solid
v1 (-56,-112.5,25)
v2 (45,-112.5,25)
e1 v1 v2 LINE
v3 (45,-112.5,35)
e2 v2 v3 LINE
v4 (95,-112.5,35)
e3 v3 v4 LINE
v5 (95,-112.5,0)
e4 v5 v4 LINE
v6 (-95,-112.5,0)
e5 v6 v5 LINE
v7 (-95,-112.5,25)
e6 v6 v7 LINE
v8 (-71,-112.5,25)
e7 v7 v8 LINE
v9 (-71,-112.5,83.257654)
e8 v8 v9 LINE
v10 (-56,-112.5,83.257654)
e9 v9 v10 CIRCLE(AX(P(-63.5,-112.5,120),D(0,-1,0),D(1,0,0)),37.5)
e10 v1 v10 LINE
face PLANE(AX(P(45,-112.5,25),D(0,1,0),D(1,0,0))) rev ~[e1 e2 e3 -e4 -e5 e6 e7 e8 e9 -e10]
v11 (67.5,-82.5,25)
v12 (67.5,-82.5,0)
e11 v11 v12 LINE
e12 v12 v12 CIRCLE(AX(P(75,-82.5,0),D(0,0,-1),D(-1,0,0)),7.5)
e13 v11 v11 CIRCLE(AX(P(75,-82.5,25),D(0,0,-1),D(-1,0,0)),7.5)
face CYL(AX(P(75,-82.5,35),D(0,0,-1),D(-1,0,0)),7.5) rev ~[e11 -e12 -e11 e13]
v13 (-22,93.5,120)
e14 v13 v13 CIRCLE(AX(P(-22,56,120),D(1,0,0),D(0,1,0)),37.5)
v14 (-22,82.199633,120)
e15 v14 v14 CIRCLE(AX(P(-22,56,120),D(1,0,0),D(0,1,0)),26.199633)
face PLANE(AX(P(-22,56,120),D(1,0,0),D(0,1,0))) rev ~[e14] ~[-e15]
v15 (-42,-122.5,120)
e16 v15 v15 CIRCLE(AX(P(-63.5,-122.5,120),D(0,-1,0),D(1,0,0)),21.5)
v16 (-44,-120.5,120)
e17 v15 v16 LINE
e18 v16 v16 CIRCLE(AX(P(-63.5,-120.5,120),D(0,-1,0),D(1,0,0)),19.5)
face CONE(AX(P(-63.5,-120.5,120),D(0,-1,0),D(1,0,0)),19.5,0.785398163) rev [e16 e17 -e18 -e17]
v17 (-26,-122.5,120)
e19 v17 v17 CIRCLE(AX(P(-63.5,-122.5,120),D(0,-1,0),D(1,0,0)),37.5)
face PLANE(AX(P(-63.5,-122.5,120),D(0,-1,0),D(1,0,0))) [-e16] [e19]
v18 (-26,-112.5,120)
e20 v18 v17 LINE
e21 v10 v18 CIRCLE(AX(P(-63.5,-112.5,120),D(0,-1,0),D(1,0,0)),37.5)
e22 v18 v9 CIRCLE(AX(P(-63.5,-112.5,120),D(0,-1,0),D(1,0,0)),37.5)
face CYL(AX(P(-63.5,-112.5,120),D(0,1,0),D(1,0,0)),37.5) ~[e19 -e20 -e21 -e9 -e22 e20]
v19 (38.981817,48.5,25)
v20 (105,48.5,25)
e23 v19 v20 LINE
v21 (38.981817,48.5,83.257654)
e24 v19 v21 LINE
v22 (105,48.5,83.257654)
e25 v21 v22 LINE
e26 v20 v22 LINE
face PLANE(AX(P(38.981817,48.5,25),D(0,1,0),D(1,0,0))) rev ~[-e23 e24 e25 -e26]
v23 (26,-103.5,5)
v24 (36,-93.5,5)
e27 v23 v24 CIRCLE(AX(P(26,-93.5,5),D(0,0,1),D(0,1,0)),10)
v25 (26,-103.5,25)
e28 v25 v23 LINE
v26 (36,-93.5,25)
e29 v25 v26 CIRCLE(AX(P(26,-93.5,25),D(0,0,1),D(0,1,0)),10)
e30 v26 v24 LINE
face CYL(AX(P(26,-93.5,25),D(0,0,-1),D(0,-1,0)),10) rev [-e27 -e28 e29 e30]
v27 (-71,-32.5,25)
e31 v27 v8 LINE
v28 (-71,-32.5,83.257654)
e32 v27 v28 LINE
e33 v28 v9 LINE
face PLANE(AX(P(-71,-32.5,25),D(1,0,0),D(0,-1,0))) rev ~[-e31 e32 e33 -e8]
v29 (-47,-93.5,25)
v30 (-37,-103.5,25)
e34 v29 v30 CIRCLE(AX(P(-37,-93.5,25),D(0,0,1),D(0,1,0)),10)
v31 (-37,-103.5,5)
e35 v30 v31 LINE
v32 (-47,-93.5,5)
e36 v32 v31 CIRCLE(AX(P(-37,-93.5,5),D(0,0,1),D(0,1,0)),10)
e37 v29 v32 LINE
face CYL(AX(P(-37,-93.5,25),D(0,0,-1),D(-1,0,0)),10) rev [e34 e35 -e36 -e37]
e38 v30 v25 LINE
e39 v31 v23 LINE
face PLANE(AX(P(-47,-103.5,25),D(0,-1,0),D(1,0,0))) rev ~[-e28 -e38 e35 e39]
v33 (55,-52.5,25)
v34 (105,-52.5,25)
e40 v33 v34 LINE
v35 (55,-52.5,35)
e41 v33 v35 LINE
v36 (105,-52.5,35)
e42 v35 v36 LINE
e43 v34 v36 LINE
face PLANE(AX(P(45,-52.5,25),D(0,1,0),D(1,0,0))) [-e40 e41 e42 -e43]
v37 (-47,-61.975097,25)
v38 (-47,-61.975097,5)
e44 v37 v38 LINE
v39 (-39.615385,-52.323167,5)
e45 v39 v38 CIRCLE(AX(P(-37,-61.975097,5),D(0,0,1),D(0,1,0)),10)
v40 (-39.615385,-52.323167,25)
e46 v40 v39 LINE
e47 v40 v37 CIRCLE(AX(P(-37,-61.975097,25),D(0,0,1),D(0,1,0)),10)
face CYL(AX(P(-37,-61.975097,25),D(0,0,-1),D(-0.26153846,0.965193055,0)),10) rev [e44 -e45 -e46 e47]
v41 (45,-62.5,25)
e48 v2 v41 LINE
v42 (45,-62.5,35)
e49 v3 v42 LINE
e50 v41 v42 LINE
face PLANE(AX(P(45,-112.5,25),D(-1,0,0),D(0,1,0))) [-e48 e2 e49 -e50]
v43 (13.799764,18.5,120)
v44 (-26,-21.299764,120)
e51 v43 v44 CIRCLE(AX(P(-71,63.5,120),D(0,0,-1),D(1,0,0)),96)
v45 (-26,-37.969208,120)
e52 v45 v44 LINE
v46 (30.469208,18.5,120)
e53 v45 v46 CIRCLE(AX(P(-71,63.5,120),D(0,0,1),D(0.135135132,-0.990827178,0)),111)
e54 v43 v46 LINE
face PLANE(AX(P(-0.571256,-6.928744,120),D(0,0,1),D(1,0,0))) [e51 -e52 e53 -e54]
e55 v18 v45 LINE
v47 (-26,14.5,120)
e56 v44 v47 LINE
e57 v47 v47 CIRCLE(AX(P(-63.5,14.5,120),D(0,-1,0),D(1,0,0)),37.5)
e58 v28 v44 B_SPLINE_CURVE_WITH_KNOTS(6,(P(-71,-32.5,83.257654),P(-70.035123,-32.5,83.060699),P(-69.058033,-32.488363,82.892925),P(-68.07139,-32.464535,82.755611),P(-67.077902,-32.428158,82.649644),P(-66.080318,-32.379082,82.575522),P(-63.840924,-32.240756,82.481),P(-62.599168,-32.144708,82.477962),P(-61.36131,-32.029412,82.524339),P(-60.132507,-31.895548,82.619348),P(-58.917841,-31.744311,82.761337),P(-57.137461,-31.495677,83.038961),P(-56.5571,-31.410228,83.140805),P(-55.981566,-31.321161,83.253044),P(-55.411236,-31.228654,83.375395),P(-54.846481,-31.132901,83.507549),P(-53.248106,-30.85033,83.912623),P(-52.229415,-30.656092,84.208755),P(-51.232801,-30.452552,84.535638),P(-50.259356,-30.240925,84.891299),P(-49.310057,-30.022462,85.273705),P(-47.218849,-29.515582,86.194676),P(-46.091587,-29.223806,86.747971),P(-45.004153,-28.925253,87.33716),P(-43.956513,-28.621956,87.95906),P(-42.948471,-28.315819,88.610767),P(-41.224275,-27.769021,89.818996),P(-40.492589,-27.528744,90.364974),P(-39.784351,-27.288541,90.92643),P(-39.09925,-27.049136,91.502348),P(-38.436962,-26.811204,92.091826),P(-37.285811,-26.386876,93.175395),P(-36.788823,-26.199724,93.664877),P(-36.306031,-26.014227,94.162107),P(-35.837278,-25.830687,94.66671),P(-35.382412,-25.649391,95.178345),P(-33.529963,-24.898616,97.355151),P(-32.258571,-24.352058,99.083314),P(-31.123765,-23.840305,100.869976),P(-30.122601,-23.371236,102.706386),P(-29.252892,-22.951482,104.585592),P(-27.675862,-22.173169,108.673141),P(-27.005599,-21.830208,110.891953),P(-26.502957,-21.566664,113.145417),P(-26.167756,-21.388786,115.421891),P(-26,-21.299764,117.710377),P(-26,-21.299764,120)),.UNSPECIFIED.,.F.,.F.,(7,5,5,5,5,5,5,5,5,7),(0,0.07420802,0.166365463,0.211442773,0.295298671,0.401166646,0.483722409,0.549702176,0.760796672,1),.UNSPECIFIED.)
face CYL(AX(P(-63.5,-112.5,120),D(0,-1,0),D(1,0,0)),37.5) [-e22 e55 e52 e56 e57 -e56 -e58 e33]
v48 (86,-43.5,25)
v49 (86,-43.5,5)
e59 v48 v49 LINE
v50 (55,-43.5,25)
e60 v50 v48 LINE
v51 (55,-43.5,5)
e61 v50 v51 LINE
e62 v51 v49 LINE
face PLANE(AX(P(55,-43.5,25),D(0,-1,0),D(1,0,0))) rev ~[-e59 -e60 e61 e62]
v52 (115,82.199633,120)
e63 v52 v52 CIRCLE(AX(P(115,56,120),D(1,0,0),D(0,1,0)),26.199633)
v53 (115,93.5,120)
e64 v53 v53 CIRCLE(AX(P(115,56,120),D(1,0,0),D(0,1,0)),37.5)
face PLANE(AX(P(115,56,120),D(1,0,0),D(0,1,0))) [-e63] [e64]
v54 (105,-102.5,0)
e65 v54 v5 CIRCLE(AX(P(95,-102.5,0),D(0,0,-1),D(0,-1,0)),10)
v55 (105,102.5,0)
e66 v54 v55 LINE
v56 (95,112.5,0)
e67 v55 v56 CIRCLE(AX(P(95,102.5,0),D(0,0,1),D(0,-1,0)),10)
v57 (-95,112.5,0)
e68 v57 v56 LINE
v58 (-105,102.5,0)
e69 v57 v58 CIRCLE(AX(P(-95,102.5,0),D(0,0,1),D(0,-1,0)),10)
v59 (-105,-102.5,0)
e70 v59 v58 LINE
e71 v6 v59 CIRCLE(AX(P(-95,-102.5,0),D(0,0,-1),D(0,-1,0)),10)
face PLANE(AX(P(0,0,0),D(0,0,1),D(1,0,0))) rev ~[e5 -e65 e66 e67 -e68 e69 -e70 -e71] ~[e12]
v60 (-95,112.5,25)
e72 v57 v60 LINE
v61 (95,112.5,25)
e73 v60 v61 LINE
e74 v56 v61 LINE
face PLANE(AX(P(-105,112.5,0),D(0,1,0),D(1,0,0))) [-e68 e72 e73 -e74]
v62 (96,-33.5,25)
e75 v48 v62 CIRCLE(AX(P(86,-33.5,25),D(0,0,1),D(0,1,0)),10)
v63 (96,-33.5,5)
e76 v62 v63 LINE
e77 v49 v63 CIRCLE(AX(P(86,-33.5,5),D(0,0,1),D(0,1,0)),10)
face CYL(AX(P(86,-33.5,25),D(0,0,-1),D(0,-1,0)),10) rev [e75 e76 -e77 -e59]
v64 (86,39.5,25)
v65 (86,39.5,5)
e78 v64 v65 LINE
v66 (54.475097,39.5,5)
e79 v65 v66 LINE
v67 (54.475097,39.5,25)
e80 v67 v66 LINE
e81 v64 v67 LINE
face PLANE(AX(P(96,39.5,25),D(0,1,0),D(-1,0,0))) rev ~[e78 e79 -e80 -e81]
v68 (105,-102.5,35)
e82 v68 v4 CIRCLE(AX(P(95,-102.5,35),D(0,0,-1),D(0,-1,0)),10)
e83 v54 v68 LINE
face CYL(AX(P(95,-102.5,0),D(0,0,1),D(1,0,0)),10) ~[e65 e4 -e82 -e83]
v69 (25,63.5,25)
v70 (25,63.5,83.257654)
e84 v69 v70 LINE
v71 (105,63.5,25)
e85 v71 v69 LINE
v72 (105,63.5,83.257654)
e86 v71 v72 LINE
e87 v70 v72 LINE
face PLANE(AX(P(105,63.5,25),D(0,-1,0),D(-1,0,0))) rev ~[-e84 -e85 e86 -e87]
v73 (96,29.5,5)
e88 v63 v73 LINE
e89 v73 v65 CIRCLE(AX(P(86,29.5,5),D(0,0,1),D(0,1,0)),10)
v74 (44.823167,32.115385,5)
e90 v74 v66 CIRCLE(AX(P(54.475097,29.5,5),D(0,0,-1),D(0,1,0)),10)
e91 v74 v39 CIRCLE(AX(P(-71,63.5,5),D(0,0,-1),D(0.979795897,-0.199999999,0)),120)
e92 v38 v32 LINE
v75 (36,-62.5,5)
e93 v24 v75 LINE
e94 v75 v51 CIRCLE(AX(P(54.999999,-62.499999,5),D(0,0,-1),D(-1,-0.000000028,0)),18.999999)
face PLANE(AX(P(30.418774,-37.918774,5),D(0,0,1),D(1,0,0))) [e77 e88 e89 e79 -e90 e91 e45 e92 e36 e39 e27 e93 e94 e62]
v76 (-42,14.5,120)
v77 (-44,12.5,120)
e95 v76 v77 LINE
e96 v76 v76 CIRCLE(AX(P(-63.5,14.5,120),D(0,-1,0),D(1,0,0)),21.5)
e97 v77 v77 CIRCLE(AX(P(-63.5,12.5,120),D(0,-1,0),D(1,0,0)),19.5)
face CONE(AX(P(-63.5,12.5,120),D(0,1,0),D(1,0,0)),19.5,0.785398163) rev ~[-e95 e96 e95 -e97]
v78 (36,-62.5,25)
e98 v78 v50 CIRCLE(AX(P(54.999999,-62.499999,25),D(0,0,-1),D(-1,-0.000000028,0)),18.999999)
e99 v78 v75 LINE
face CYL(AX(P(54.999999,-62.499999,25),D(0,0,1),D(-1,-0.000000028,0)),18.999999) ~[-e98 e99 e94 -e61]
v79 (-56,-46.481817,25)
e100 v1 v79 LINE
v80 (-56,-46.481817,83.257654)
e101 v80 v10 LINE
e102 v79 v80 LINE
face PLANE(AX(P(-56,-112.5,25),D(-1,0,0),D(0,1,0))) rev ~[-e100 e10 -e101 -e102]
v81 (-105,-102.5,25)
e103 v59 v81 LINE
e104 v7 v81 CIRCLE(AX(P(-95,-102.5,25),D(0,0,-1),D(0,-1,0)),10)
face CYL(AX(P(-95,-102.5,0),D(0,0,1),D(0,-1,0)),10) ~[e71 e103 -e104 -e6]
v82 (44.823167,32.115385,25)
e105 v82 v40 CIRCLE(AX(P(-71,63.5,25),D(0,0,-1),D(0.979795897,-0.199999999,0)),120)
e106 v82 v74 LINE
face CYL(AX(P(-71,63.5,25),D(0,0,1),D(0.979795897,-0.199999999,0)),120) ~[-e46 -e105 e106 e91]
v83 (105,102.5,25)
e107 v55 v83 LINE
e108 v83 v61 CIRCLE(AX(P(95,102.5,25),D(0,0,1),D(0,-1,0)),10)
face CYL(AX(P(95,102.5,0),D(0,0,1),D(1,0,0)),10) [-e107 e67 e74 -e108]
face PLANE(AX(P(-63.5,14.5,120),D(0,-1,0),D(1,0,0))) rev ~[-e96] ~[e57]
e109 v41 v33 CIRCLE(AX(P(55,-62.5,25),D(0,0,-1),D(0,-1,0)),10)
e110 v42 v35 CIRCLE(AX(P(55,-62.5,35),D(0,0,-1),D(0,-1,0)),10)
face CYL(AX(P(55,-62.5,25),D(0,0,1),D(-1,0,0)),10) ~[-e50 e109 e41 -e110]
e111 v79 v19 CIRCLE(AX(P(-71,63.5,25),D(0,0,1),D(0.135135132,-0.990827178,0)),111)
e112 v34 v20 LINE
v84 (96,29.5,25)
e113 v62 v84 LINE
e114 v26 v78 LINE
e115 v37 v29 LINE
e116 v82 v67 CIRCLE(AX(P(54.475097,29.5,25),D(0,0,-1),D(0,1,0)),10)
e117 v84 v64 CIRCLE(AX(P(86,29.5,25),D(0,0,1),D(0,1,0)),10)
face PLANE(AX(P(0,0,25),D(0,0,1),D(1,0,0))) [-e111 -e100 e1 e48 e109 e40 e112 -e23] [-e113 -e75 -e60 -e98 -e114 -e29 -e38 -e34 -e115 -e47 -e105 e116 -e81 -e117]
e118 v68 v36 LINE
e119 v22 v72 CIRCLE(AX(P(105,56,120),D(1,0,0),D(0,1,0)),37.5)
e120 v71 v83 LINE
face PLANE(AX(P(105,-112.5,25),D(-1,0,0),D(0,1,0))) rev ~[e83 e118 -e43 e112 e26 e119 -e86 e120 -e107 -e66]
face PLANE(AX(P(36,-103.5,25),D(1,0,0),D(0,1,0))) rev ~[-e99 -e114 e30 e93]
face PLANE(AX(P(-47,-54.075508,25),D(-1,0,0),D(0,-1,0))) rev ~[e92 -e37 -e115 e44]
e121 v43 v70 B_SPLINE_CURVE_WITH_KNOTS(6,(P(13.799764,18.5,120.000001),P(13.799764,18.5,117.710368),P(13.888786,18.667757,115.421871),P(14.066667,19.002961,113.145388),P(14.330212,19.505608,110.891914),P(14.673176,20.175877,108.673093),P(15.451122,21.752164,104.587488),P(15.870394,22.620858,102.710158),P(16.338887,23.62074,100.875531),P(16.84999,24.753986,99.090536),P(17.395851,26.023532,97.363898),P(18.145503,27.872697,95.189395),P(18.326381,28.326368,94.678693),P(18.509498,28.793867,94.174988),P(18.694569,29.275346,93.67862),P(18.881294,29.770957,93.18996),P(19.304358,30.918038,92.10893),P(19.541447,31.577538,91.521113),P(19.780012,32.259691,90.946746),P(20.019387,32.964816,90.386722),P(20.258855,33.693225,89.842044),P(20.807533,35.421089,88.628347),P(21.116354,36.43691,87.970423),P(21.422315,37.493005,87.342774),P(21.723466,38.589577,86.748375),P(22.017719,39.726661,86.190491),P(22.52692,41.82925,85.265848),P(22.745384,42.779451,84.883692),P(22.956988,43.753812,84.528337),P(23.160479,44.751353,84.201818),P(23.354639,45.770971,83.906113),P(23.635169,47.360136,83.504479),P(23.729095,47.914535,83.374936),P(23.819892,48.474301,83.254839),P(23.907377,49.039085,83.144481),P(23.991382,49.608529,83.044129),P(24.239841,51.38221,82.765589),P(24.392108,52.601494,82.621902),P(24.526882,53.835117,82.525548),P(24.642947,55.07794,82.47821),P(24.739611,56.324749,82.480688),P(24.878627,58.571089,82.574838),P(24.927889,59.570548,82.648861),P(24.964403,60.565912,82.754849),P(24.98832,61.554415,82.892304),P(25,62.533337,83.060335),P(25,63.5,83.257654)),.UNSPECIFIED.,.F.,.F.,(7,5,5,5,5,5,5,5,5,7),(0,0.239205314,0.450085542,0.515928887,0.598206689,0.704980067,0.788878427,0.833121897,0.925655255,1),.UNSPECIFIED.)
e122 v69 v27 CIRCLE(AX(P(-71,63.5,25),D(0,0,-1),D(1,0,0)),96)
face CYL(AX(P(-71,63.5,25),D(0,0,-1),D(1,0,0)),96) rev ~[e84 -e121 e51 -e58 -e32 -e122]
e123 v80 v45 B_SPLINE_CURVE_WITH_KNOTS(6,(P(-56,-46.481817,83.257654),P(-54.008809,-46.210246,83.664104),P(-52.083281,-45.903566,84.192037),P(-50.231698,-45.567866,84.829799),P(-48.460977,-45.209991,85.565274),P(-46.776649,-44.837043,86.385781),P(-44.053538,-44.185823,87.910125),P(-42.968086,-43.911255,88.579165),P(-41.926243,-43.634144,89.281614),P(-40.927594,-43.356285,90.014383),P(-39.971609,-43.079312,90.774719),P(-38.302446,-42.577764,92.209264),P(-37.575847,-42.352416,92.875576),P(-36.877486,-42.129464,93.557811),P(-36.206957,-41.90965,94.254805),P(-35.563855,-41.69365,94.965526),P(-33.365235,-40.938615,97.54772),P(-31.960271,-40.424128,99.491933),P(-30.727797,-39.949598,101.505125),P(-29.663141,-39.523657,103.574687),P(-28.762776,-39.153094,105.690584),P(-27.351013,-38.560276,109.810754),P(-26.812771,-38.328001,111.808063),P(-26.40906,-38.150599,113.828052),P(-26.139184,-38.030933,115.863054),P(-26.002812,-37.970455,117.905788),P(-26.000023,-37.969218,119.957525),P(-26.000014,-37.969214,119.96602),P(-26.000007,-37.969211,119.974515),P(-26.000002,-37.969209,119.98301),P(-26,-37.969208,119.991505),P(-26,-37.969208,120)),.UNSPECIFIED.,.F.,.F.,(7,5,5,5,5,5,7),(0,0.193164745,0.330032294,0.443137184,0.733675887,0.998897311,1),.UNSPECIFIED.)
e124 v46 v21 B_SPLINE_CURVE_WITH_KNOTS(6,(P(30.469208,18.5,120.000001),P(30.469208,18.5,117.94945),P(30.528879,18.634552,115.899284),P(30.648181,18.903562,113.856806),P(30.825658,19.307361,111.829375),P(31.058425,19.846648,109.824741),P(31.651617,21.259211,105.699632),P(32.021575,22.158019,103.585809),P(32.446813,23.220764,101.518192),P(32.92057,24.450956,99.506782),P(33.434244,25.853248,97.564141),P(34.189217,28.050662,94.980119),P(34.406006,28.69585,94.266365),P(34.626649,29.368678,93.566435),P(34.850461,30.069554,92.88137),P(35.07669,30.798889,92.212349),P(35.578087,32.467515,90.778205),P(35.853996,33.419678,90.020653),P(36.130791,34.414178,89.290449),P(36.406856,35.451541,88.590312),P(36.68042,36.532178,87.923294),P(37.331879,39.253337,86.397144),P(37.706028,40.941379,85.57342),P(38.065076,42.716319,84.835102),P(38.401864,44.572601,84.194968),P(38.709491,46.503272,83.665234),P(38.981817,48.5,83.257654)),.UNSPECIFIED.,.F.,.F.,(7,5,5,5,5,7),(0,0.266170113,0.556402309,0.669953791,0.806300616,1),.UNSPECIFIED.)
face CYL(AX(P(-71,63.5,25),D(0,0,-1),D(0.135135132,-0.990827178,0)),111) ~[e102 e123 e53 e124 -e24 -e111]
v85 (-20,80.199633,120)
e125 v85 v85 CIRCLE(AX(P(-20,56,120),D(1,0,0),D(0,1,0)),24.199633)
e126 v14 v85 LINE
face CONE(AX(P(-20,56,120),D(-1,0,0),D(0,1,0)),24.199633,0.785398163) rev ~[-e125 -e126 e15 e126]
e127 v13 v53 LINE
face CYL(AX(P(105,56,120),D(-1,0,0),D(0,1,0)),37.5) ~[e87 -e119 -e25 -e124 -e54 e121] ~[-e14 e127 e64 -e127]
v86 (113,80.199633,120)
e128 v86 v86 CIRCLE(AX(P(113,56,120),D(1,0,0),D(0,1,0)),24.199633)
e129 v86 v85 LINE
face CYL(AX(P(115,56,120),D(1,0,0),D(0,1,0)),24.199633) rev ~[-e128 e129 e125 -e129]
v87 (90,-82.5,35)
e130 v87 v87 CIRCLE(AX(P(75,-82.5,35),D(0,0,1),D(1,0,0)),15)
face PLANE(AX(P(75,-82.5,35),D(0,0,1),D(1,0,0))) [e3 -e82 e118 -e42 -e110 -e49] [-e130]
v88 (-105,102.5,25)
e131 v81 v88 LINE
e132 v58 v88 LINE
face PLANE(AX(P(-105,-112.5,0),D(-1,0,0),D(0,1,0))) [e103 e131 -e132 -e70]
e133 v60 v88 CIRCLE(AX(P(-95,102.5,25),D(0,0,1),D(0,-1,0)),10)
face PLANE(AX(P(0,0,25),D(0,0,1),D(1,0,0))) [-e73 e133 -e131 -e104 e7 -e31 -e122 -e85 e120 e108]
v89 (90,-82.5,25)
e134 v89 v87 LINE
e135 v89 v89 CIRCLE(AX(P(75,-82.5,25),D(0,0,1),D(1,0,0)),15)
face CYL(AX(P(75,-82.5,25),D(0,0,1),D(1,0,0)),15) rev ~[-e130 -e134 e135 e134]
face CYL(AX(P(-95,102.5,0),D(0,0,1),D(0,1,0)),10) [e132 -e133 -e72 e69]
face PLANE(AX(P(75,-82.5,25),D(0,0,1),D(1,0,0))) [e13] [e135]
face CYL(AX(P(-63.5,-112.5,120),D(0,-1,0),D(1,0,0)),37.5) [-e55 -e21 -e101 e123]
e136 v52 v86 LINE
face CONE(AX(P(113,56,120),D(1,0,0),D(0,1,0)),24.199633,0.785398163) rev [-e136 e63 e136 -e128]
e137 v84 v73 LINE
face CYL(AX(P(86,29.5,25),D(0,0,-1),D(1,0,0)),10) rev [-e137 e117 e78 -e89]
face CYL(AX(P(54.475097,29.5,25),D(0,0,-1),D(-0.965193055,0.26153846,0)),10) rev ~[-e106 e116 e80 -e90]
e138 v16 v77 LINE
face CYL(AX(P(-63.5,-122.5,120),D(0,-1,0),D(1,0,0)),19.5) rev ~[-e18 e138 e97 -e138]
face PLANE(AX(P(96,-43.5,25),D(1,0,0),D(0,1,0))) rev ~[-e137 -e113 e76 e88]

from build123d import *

# Parameters (mm, degrees)
F0_W            = 210
F0_H            = 225
F1_DEPTH        = 25
F3_DEPTH        = 95
F4_R            = 37.5
F5_DEPTH        = 10
F5_DEPTH_BACK   = 127
F6_R            = 37.5
F7_DEPTH        = 10
F7_DEPTH_BACK   = 127
F8_W            = 60
F8_H            = 60
F9_DEPTH        = 10
F10_R           = 10
F12_DEPTH       = 20
F14_D           = 15
F14_CBORE_D     = 30
F14_CBORE_DEPTH = 10
F15_R           = 10
F16_R           = 19.5
F17_DEPTH       = 235.001
F18_R           = 24.199633
F19_DEPTH       = 220.001
F20_SIZE        = 2
F21_R           = 10


with BuildPart() as f1:
    # F0 (on Top) → F1 (new body)
    with BuildSketch(Plane.XY):
        Rectangle(F0_W, F0_H)
    extrude(amount=F1_DEPTH)

    # F2 (on face) → F3 (join)
    with BuildSketch(Plane.XY.offset(25)):
        with BuildLine():
            Line((-71, -32.5), (-71, -112.5))
            Line((-71, -112.5), (-56, -112.5))
            Line((-56, -112.5), (-56, -46.481817))
            ThreePointArc((-56, -46.481817), (7.488853, -14.988853), (38.981817, 48.5))
            Line((38.981817, 48.5), (105, 48.5))
            Line((105, 48.5), (105, 63.5))
            Line((105, 63.5), (25, 63.5))
            ThreePointArc((25, 63.5), (-3.117749, -4.382251), (-71, -32.5))
        make_face()
    extrude(amount=F3_DEPTH)

    # F4 (on face) → F5 (join, two sides)
    with BuildSketch(Plane.XZ.offset(112.5)) as f5_sk:
        with Locations((-63.5, 120)):
            Circle(F4_R)
    extrude(amount=F5_DEPTH)
    extrude(f5_sk.sketch, amount=-F5_DEPTH_BACK)

    # F6 (on face) → F7 (join, two sides)
    with BuildSketch(Plane.YZ.offset(105)) as f7_sk:
        with Locations((56, 120)):
            Circle(F6_R)
    extrude(amount=F7_DEPTH)
    extrude(f7_sk.sketch, amount=-F7_DEPTH_BACK)

    # F8 (on face) → F9 (join)
    with BuildSketch(Plane.XY.offset(25)):
        with Locations((75, -82.5)):
            Rectangle(F8_W, F8_H)
    extrude(amount=F9_DEPTH)

    # F10
    f10_edges = [f1.edges().sort_by_distance(p)[0] for p in [
        (45, -52.5, 30),
    ]]
    fillet(f10_edges, radius=F10_R)

    # F11 (on face) → F12 (cut)
    with BuildSketch(Plane.XY.offset(25)):
        with BuildLine():
            ThreePointArc((46.575508, 39.5), (13.852814, -21.352814), (-47, -54.075508))
            Line((-47, -54.075508), (-47, -103.5))
            Line((-47, -103.5), (36, -103.5))
            Line((36, -103.5), (36, -62.5))
            ThreePointArc((36, -62.5), (41.564971, -49.064971), (55, -43.5))
            Line((55, -43.5), (96, -43.5))
            Line((96, -43.5), (96, 39.5))
            Line((96, 39.5), (46.575508, 39.5))
        make_face()
    extrude(amount=-F12_DEPTH, mode=Mode.SUBTRACT)

    # F14 (through all)
    with Locations(Plane.XY.offset(35)):
        with Locations((75, -82.5)):
            CounterBoreHole(F14_D / 2, F14_CBORE_D / 2, F14_CBORE_DEPTH)

    # F15
    f15_edges = [f1.edges().sort_by_distance(p)[0] for p in [
        (46.575508, 39.5, 15),
        (-47, -54.075508, 15),
        (-47, -103.5, 15),
        (96, 39.5, 15),
        (96, -43.5, 15),
        (36, -103.5, 15),
    ]]
    fillet(f15_edges, radius=F15_R)

    # F16 (on face) → F17 (cut, through all)
    with BuildSketch(Plane.XZ.offset(122.5)):
        with Locations((-63.5, 120)):
            Circle(F16_R)
    extrude(amount=-F17_DEPTH, mode=Mode.SUBTRACT)

    # F18 (on face) → F19 (cut, through all)
    with BuildSketch(Plane.YZ.offset(115)):
        with Locations((56, 120)):
            Circle(F18_R)
    extrude(amount=-F19_DEPTH, mode=Mode.SUBTRACT)

    # F20
    f20_edges = [f1.edges().sort_by_distance(p)[0] for p in [
        (-83, -122.5, 120),
        (115, 31.800367, 120),
        (-22, 31.800367, 120),
        (-83, 14.5, 120),
    ]]
    chamfer(f20_edges, length=F20_SIZE)

    # F21
    f21_edges = [f1.edges().sort_by_distance(p)[0] for p in [
        (-105, -112.5, 12.5),
        (105, -112.5, 17.5),
        (105, 112.5, 12.5),
        (-105, 112.5, 12.5),
    ]]
    fillet(f21_edges, radius=F21_R)


solid = f1.part
